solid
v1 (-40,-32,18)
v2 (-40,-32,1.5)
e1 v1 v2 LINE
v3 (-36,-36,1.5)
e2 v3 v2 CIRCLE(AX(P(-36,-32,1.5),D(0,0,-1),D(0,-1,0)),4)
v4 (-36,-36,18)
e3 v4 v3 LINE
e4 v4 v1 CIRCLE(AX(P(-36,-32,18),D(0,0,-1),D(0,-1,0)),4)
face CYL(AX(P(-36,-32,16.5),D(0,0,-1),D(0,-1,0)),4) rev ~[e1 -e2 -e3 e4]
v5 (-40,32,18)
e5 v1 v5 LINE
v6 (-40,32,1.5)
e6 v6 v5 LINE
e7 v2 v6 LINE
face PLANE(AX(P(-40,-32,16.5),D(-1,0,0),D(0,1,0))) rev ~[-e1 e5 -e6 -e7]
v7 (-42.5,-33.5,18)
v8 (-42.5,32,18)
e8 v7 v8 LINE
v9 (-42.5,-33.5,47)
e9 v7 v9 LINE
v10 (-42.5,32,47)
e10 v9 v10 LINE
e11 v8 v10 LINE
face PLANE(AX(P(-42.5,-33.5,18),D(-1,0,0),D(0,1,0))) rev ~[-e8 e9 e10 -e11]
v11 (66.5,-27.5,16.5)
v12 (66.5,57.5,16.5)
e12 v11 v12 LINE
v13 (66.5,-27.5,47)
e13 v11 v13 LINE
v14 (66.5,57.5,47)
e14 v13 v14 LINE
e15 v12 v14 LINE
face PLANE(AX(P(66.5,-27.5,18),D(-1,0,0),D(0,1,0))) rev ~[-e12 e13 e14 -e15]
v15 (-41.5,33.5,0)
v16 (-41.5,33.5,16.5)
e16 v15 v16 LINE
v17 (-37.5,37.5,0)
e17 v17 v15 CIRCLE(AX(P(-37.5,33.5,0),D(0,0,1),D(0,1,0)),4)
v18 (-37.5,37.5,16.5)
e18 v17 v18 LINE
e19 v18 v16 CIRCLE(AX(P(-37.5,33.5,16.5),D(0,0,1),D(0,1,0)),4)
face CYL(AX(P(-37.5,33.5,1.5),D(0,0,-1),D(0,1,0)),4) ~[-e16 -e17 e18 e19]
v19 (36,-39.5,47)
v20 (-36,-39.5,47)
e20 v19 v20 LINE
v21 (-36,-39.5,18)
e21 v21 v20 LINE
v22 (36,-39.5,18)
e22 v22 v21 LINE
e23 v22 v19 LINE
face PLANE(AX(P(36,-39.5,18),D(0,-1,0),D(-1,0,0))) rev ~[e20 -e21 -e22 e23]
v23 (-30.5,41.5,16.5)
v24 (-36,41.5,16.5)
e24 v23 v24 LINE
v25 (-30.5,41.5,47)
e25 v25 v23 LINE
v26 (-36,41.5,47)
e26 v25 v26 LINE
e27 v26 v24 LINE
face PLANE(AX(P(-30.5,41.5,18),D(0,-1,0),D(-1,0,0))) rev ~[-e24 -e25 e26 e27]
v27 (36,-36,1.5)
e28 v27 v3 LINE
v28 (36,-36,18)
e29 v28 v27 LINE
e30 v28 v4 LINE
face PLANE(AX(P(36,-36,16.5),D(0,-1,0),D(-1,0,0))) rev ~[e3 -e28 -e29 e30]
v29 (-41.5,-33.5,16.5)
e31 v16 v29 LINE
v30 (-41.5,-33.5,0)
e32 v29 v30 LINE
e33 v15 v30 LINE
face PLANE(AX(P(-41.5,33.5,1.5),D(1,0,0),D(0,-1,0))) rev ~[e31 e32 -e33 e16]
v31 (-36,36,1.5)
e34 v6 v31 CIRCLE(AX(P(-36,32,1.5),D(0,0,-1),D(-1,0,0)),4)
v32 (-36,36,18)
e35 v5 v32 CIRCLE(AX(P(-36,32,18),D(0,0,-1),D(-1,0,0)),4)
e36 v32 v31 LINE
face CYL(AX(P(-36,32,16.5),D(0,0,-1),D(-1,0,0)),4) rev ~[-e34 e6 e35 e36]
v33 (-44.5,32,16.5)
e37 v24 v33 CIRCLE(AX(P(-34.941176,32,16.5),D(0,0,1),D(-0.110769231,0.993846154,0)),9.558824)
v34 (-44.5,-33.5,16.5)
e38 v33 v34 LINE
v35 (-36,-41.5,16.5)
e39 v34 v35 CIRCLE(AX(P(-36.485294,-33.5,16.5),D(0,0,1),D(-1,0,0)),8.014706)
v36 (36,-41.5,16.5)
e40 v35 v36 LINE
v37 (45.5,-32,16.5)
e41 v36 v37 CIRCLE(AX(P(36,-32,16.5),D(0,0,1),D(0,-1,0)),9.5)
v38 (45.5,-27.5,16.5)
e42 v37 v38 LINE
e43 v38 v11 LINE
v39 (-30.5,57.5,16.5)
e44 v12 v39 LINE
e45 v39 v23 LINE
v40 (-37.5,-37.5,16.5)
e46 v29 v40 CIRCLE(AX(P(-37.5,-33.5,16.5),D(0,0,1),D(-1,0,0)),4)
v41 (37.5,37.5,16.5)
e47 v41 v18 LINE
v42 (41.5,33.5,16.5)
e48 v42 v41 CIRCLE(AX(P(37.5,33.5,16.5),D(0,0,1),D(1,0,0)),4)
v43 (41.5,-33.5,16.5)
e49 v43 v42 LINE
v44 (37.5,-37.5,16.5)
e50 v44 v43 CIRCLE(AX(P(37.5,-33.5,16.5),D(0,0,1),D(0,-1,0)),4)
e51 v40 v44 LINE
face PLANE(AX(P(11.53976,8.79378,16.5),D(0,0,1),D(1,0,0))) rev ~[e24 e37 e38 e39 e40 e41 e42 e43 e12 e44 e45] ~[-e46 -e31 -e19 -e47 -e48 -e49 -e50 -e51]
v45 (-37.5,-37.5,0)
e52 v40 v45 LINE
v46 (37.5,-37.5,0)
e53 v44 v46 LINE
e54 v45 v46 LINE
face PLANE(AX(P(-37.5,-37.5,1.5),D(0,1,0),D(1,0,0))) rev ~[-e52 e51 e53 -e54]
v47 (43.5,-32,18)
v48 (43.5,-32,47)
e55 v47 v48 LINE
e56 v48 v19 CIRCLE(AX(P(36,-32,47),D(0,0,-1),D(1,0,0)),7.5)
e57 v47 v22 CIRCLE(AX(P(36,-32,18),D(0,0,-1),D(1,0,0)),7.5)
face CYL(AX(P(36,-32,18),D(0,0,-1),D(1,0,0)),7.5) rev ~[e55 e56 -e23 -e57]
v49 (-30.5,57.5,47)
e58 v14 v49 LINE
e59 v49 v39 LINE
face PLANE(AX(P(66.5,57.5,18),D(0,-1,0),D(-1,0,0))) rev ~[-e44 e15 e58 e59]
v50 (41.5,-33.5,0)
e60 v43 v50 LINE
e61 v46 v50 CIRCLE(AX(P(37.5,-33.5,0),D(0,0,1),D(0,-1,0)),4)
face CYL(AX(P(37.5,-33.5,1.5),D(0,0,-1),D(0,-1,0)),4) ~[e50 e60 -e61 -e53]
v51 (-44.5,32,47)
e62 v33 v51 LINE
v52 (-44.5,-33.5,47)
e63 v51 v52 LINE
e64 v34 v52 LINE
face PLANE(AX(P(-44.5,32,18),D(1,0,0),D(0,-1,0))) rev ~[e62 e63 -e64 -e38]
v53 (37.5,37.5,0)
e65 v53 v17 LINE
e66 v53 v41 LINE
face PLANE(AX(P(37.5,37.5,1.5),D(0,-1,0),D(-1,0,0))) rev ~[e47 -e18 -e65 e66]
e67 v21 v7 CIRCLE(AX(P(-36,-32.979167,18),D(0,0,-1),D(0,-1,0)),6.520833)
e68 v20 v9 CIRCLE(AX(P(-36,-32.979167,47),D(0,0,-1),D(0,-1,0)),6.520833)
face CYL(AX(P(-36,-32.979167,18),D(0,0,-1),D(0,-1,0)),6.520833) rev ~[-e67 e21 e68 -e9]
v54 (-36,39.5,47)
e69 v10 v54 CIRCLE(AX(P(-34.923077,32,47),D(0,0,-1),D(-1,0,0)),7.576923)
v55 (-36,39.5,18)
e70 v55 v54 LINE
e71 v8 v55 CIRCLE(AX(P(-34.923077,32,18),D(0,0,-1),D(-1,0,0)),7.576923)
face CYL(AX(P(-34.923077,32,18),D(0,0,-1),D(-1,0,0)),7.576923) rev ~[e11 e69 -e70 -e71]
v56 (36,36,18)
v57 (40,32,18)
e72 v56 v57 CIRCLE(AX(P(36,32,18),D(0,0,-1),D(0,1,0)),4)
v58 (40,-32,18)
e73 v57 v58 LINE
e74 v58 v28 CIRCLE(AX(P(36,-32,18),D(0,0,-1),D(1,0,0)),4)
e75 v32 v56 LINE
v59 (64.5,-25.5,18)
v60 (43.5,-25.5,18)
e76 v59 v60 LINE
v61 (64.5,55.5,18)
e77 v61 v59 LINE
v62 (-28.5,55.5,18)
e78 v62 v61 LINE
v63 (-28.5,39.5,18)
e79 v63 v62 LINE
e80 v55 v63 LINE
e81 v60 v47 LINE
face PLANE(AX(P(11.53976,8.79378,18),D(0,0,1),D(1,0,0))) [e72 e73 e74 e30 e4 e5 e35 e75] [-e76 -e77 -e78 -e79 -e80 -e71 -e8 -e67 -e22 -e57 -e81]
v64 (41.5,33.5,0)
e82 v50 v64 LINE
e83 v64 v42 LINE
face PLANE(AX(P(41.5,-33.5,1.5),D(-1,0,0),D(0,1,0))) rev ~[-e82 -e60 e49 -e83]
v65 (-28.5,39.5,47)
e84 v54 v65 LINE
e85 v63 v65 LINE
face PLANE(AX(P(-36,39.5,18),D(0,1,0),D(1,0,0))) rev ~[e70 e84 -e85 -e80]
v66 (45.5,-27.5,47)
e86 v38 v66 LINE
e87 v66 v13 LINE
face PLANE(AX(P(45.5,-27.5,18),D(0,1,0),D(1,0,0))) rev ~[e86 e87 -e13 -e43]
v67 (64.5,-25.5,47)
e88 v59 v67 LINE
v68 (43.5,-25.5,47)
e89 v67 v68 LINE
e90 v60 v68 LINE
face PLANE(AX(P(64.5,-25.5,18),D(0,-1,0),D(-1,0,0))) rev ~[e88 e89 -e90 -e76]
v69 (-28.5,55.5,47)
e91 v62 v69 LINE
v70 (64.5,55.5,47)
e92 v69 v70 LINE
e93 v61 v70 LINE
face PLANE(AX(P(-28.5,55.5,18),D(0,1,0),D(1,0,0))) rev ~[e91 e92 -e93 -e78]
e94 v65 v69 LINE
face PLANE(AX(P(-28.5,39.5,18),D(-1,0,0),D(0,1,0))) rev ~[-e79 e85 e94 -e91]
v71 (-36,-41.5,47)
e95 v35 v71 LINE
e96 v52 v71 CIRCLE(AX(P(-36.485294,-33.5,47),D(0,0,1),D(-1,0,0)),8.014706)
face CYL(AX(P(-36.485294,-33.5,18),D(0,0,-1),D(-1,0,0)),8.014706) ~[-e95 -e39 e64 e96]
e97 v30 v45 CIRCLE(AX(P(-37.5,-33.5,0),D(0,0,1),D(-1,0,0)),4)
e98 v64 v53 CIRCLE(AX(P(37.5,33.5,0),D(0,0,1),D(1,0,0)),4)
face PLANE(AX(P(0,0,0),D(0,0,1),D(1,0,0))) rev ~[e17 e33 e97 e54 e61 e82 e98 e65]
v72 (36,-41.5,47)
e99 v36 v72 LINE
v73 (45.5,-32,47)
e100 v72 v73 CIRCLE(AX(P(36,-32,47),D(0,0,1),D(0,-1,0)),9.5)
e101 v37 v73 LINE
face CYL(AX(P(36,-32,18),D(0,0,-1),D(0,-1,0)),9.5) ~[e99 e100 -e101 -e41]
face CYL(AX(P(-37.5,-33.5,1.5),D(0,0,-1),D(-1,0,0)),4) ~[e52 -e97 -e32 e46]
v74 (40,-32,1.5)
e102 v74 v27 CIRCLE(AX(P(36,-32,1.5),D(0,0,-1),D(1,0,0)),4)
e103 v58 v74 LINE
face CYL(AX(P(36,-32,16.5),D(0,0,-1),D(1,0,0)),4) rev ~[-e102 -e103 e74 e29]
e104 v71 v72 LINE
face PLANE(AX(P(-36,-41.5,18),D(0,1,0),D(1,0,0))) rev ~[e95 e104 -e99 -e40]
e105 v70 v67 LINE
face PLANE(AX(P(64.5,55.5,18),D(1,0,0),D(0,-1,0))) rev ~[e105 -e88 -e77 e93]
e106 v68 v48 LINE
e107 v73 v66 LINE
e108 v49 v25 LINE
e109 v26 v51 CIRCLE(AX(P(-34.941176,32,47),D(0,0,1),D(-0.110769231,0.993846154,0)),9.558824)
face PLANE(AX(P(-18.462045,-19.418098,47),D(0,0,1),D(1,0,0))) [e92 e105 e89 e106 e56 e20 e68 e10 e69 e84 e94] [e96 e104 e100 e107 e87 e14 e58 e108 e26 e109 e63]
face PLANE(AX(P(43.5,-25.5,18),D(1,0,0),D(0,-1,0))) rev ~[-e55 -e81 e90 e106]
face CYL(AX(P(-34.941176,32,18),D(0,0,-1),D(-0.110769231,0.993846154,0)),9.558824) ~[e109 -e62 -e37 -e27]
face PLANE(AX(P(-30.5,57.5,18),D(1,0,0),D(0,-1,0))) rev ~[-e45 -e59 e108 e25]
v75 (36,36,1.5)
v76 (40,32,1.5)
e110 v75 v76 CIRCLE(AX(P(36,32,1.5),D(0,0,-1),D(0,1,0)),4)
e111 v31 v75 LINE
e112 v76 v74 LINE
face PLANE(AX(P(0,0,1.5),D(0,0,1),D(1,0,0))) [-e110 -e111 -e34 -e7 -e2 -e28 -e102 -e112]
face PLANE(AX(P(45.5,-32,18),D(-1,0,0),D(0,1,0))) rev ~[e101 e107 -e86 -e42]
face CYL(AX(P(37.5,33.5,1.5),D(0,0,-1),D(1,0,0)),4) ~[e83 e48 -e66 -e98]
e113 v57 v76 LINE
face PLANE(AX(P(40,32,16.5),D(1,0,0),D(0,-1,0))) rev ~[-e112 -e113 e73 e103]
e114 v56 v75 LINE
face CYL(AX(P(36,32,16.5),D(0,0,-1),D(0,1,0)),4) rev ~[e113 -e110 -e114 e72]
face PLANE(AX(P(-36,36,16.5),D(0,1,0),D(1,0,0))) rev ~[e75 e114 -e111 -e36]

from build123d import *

# Parameters (mm, degrees)
F1_DEPTH = 1.5
F3_DEPTH = 15
F5_DEPTH = 1.5
F7_DEPTH = 29
F8_DEPTH = 29


with BuildPart() as f1:
    # F0 (on Top) → F1 (new body)
    with BuildSketch(Plane.XY):
        with BuildLine():
            ThreePointArc((41.5, 33.5), (40.3284271247, 36.3284271247), (37.5, 37.5))
            Line((37.5, 37.5), (-37.5, 37.5))
            ThreePointArc((-37.5, 37.5), (-40.3284271247, 36.3284271247), (-41.5, 33.5))
            Line((-41.5, 33.5), (-41.5, -33.5))
            ThreePointArc((-41.5, -33.5), (-40.3284271247, -36.3284271247), (-37.5, -37.5))
            Line((-37.5, -37.5), (37.5, -37.5))
            ThreePointArc((37.5, -37.5), (40.3284271247, -36.3284271247), (41.5, -33.5))
            Line((41.5, -33.5), (41.5, 33.5))
        make_face()
    extrude(amount=F1_DEPTH)

    # F2 (on face) → F3 (join)
    with BuildSketch(Plane.XY.offset(1.5)):
        with BuildLine():
            Line((41.5, -33.5), (41.5, 33.5))
            ThreePointArc((41.5, 33.5), (40.3284271247, 36.3284271247), (37.5, 37.5))
            Line((37.5, 37.5), (-37.5, 37.5))
            ThreePointArc((-37.5, 37.5), (-40.3284271247, 36.3284271247), (-41.5, 33.5))
            Line((-41.5, 33.5), (-41.5, -33.5))
            ThreePointArc((-41.5, -33.5), (-40.3284271247, -36.3284271247), (-37.5, -37.5))
            Line((-37.5, -37.5), (37.5, -37.5))
            ThreePointArc((37.5, -37.5), (40.3284271247, -36.3284271247), (41.5, -33.5))
        make_face()
        with BuildLine():
            Line((-36, 36), (36, 36))
            ThreePointArc((36, 36), (38.8284271247, 34.8284271247), (40, 32))
            Line((40, 32), (40, -32))
            ThreePointArc((40, -32), (38.8284271247, -34.8284271247), (36, -36))
            Line((36, -36), (-36, -36))
            ThreePointArc((-36, -36), (-38.8284271247, -34.8284271247), (-40, -32))
            Line((-40, -32), (-40, 32))
            ThreePointArc((-40, 32), (-38.8284271247, 34.8284271247), (-36, 36))
        make_face(mode=Mode.SUBTRACT)
    extrude(amount=F3_DEPTH)

    # F4 (on face) → F5 (join)
    with BuildSketch(Plane.XY.offset(16.5)):
        with BuildLine():
            Line((45.5, -32), (45.5, -27.5))
            Line((45.5, -27.5), (66.5, -27.5))
            Line((66.5, -27.5), (66.5, 57.5))
            Line((66.5, 57.5), (-30.5, 57.5))
            Line((-30.5, 57.5), (-30.5, 41.5))
            Line((-30.5, 41.5), (-36, 41.5))
            ThreePointArc((-36, 41.5), (-42.0648066734, 38.373774392), (-44.5, 32))
            Line((-44.5, 32), (-44.5, -33.5))
            ThreePointArc((-44.5, -33.5), (-41.9782906023, -39.336308765), (-36, -41.5))
            Line((-36, -41.5), (36, -41.5))
            ThreePointArc((36, -41.5), (42.7175144213, -38.7175144213), (45.5, -32))
        make_face()
        with BuildLine():
            Line((41.5, 33.5), (41.5, -33.5))
            ThreePointArc((41.5, -33.5), (40.3284271247, -36.3284271247), (37.5, -37.5))
            Line((37.5, -37.5), (-37.5, -37.5))
            ThreePointArc((-37.5, -37.5), (-40.3284271247, -36.3284271247), (-41.5, -33.5))
            Line((-41.5, -33.5), (-41.5, 33.5))
            ThreePointArc((-41.5, 33.5), (-40.3284271247, 36.3284271247), (-37.5, 37.5))
            Line((-37.5, 37.5), (37.5, 37.5))
            ThreePointArc((37.5, 37.5), (40.3284271247, 36.3284271247), (41.5, 33.5))
        make_face(mode=Mode.SUBTRACT)
        with BuildLine():
            ThreePointArc((37.5, -37.5), (40.3284271247, -36.3284271247), (41.5, -33.5))
            Line((41.5, -33.5), (41.5, 33.5))
            ThreePointArc((41.5, 33.5), (40.3284271247, 36.3284271247), (37.5, 37.5))
            Line((37.5, 37.5), (-37.5, 37.5))
            ThreePointArc((-37.5, 37.5), (-40.3284271247, 36.3284271247), (-41.5, 33.5))
            Line((-41.5, 33.5), (-41.5, -33.5))
            ThreePointArc((-41.5, -33.5), (-40.3284271247, -36.3284271247), (-37.5, -37.5))
            Line((-37.5, -37.5), (37.5, -37.5))
        make_face()
        with BuildLine():
            ThreePointArc((-40, 32), (-38.8284271247, 34.8284271247), (-36, 36))
            Line((-36, 36), (36, 36))
            ThreePointArc((36, 36), (38.8284271247, 34.8284271247), (40, 32))
            Line((40, 32), (40, -32))
            ThreePointArc((40, -32), (38.8284271247, -34.8284271247), (36, -36))
            Line((36, -36), (-36, -36))
            ThreePointArc((-36, -36), (-38.8284271247, -34.8284271247), (-40, -32))
            Line((-40, -32), (-40, 32))
        make_face(mode=Mode.SUBTRACT)
    extrude(amount=F5_DEPTH)

    # F6 (on face) → F7 (join)
    with BuildSketch(Plane.XY.offset(18)):
        Polygon((-36, 41.5), (-36, 39.5), (-28.5, 39.5), (-28.5, 55.5), (64.5, 55.5), (64.5, -25.5), (43.5, -25.5), (43.5, -32), (45.5, -32), (45.5, -27.5), (66.5, -27.5), (66.5, 57.5), (-30.5, 57.5), (-30.5, 41.5), align=None)
    extrude(amount=F7_DEPTH)

    # F6 (on face) → F8 (join)
    with BuildSketch(Plane.XY.offset(18)):
        with BuildLine():
            ThreePointArc((-42.5, 32), (-40.6488749734, 36.9623583103), (-36, 39.5))
            Line((-36, 39.5), (-36, 41.5))
            ThreePointArc((-36, 41.5), (-42.0648066734, 38.373774392), (-44.5, 32))
            Line((-44.5, 32), (-44.5, -33.5))
            ThreePointArc((-44.5, -33.5), (-41.9782906023, -39.336308765), (-36, -41.5))
            Line((-36, -41.5), (36, -41.5))
            ThreePointArc((36, -41.5), (42.7175144213, -38.7175144213), (45.5, -32))
            Line((45.5, -32), (43.5, -32))
            ThreePointArc((43.5, -32), (41.3033008589, -37.3033008589), (36, -39.5))
            Line((36, -39.5), (-36, -39.5))
            ThreePointArc((-36, -39.5), (-40.4229515032, -37.7706974618), (-42.5, -33.5))
            Line((-42.5, -33.5), (-42.5, 32))
        make_face()
    extrude(amount=F8_DEPTH)


solid = f1.part
